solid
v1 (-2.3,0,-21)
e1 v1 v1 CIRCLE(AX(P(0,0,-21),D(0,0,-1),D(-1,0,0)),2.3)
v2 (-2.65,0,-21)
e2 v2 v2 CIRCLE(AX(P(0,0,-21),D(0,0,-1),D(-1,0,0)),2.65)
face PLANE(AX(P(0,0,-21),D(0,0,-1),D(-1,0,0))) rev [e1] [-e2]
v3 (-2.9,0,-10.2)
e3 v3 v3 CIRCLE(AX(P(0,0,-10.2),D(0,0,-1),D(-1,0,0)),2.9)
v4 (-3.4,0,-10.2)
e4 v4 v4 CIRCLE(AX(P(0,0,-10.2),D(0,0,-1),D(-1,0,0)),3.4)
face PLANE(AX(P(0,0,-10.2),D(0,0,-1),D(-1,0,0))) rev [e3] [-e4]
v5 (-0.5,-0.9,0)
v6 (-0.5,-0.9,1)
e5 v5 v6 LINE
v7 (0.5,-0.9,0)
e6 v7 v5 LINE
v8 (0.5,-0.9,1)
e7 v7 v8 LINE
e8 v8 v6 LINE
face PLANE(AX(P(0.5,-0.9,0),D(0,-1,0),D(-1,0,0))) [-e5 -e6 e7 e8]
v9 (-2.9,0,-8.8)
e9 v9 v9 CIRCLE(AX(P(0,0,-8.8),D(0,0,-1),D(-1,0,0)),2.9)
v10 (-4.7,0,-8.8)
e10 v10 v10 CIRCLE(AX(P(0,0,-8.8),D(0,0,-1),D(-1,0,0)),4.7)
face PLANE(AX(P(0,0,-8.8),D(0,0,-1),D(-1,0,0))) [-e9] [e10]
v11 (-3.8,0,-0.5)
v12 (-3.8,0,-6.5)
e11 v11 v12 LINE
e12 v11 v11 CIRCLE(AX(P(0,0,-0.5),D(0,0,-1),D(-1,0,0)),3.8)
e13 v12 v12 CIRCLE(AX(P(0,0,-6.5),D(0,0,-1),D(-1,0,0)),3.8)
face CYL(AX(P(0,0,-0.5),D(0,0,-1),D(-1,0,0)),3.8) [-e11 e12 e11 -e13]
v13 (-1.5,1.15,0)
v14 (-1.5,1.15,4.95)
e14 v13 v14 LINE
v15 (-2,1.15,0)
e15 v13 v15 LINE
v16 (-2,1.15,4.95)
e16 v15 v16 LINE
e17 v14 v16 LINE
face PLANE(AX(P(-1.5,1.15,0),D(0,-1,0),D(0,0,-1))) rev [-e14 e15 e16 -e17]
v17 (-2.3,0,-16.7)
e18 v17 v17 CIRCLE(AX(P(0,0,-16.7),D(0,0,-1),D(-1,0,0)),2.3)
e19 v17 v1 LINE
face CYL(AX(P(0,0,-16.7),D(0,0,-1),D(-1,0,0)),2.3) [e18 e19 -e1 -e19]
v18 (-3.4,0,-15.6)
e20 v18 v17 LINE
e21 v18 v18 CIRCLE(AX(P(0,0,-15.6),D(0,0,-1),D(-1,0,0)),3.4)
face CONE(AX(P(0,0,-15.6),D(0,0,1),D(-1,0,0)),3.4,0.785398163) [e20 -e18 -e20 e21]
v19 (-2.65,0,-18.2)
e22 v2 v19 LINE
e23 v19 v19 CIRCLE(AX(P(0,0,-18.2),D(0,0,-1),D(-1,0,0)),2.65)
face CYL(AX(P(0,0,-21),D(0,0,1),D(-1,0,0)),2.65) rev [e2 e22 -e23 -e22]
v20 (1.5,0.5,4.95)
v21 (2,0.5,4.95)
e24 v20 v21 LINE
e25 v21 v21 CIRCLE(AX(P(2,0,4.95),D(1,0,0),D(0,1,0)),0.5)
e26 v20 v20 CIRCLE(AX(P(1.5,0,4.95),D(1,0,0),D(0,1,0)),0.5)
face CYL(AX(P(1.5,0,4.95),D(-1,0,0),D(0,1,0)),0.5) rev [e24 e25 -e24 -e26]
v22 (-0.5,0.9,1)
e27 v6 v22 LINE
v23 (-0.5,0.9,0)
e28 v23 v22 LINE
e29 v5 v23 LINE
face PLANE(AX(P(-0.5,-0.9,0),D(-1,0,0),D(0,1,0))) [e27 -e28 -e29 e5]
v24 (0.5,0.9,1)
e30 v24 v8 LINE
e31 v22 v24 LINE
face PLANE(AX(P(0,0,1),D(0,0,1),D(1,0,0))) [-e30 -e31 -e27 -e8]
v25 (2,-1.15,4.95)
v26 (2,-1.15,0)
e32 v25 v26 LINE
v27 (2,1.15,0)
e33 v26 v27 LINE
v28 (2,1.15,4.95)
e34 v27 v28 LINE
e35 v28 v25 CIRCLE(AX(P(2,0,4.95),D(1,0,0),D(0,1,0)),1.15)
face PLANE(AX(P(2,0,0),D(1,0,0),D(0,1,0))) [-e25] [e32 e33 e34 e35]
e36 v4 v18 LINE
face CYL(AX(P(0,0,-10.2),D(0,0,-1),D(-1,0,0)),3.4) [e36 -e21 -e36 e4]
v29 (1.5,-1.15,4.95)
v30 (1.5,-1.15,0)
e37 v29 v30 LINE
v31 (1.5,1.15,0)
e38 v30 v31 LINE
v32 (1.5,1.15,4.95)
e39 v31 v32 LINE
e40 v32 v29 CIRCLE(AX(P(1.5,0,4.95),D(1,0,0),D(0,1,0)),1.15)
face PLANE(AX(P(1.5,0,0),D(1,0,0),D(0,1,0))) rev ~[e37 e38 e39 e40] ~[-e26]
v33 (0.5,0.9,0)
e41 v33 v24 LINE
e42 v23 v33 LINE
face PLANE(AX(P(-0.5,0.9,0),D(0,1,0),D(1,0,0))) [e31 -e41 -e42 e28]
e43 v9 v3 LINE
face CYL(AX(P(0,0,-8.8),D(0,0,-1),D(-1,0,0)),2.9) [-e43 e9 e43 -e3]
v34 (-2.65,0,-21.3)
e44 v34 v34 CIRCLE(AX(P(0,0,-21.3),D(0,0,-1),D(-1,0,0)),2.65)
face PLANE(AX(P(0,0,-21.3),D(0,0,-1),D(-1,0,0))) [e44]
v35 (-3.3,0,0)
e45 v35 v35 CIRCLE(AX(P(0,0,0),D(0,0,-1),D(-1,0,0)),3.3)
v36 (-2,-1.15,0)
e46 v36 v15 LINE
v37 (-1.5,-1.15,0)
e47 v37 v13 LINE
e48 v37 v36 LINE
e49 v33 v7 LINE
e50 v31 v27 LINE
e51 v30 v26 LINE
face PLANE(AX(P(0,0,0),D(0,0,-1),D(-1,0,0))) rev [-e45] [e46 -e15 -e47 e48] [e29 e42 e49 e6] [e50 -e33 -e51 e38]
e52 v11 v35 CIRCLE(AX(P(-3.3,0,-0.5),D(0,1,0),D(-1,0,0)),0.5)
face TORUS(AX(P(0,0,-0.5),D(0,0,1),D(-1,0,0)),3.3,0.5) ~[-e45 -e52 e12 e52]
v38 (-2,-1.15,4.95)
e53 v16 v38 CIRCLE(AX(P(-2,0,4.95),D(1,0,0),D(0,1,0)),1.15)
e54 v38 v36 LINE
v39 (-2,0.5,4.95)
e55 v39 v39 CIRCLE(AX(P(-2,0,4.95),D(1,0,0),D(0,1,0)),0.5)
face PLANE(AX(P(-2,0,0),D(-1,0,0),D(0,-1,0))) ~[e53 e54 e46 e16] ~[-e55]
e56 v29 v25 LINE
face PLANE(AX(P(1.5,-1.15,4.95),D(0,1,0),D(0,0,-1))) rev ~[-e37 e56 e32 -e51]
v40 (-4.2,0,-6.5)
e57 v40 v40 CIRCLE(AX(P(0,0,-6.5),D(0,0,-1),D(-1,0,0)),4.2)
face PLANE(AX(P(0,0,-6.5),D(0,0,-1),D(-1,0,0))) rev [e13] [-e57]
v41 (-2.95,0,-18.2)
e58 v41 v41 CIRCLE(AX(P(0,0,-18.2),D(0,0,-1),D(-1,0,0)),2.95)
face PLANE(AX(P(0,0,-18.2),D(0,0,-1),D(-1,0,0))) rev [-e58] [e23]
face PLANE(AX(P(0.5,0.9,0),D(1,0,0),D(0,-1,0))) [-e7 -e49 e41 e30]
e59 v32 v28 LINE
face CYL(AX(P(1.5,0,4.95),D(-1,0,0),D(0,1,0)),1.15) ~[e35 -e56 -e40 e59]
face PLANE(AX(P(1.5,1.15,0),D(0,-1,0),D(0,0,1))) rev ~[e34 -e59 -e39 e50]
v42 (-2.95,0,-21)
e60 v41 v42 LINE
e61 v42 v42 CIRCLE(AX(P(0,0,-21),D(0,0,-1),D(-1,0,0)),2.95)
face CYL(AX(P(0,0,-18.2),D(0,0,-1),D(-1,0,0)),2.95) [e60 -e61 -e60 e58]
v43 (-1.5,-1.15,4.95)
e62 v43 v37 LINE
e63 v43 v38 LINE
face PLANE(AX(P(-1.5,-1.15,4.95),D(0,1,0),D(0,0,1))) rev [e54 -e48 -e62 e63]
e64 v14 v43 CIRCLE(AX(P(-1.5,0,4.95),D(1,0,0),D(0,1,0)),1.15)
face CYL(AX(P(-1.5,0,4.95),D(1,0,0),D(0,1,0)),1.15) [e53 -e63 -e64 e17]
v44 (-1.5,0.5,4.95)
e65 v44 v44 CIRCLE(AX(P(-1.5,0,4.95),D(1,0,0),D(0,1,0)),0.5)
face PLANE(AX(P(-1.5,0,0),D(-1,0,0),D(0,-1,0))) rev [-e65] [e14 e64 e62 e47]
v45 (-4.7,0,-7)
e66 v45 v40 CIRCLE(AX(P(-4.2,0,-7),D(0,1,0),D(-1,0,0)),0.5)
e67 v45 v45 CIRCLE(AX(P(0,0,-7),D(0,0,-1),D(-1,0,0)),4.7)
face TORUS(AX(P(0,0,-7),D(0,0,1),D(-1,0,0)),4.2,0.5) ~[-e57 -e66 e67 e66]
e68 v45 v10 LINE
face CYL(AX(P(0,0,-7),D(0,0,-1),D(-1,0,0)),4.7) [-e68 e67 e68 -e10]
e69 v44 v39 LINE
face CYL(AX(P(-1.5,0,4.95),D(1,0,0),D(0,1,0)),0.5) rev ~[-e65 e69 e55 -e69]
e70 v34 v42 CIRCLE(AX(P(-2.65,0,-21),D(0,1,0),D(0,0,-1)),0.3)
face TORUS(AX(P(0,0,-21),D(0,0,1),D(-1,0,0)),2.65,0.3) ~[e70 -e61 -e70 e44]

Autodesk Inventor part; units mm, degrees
ref_plane "XZ Plane" through (0, 0, 0) normal (0, 1, 0) x (-1, 0, 0)
ref_plane "XY Plane" through (0, 0, 0) normal (0, 0, 1) x (1, 0, 0)
sketch "Sketch1" plane through (0, 0, 0) normal (0, 1, 0) x (-1, 0, 0)
  line L0 (0, 0) -> (0, -21.3)
  line L1 (0, 0) -> (3.3, 0)
  line L2 (3.8, -0.5) -> (3.8, -6.5)
  line L3 (3.8, -6.5) -> (4.2, -6.5)
  line L4 (4.7, -7) -> (4.7, -8.8)
  line L5 (4.7, -8.8) -> (2.9, -8.8)
  line L6 (2.9, -8.8) -> (2.9, -10.2)
  line L7 (2.9, -10.2) -> (3.4, -10.2)
  line L8 (3.4, -10.2) -> (3.4, -15.6)
  line L9 (3.4, -15.6) -> (2.3, -16.7)
  line L10 (2.3, -16.7) -> (2.3, -21)
  arc A0 (3.8, -0.5) -> (3.3, 0) centre (3.3, -0.5) ccw
  arc A1 (4.7, -7) -> (4.2, -6.5) centre (4.2, -7) ccw
  line L11 (2.3, -21) -> (2.65, -21)
  line L12 (2.65, -21) -> (2.65, -18.2)
  line L13 (2.65, -18.2) -> (2.95, -18.2)
  line L14 (2.95, -18.2) -> (2.95, -21)
  line L15 (2.65, -21.3) -> (0, -21.3)
  arc A2 (2.65, -21.3) -> (2.95, -21) centre (2.65, -21) ccw
  point P0 (3.8, 0)
  point P1 (4.7, -6.5)
  point P2 (2.95, -21.3)
  dimension "d0" = 7.6
  dimension "d1" = 9.4
  dimension "d2" = 5.8
  dimension "d3" = 6.8
  dimension "d4" = 4.6
  dimension "d5" = 2.3
  dimension "d6" = 8.8
  dimension "d7" = 1.4
  dimension "d8" = 5.4
  dimension "d9" = 135
  dimension "d11" = 0.5
  dimension "d12" = 21.3
  dimension "d13" = 0.3
  dimension "d14" = 0.3
  dimension "d15" = 5.9
  dimension "d16" = 3.1
  dimension "d18" = 0.3
revolve "Revolution1" add sketch "Sketch1" angle 360 about axis through (0, 0, 0) along (0, 0, -1)
thread "Thread1" size "M7x1" class "6g" standard "ANSI Metric M Profile" full length
ref_plane "Work Plane1" through (1.5, 0, 0) normal (1, 0, 0) x (0, 1, 0)
sketch "Sketch2" plane through (1.5, 0, 0) normal (1, 0, 0) x (0, 1, 0)
  line L0 (-1.15, 4.95) -> (-1.15, 0)
  line L1 (-1.15, 0) -> (1.15, 0)
  line L2 (1.15, 0) -> (1.15, 4.95)
  arc A0 (1.15, 4.95) -> (-1.15, 4.95) centre (0, 4.95) ccw
  circle A1 centre (0, 4.95) radius 0.5
  point P0 (0, 0)
  point P1 (0, 0)
  dimension "d22" = 2.3
  dimension "d23" = 4.95
  dimension "d24" = 1
extrude "Extrusion1" add sketch "Sketch2" along normal blind 0.5
mirror "Mirror1" about plane through (0, 0, 0) normal (1, 0, 0) of "Extrusion1"
sketch "Sketch3" plane through (0, 0, 0) normal (0, 0, 1) x (1, 0, 0)
  line L0 (-0.5, 0.9) -> (0.5, 0.9)
  line L1 (0.5, 0.9) -> (0.5, -0.9)
  line L2 (0.5, -0.9) -> (-0.5, -0.9)
  line L3 (-0.5, -0.9) -> (-0.5, 0.9)
  line L4 (-0.5, -0.9) -> (0.5, 0.9) construction
  line L5 (-0.5, 0.9) -> (0.5, -0.9) construction
  point P0 (0, 0)
  point P1 (0, 0)
  dimension "d27" = 1
  dimension "d28" = 1.8
extrude "Extrusion2" add sketch "Sketch3" along normal blind 1
properties part number "BUTTON"
